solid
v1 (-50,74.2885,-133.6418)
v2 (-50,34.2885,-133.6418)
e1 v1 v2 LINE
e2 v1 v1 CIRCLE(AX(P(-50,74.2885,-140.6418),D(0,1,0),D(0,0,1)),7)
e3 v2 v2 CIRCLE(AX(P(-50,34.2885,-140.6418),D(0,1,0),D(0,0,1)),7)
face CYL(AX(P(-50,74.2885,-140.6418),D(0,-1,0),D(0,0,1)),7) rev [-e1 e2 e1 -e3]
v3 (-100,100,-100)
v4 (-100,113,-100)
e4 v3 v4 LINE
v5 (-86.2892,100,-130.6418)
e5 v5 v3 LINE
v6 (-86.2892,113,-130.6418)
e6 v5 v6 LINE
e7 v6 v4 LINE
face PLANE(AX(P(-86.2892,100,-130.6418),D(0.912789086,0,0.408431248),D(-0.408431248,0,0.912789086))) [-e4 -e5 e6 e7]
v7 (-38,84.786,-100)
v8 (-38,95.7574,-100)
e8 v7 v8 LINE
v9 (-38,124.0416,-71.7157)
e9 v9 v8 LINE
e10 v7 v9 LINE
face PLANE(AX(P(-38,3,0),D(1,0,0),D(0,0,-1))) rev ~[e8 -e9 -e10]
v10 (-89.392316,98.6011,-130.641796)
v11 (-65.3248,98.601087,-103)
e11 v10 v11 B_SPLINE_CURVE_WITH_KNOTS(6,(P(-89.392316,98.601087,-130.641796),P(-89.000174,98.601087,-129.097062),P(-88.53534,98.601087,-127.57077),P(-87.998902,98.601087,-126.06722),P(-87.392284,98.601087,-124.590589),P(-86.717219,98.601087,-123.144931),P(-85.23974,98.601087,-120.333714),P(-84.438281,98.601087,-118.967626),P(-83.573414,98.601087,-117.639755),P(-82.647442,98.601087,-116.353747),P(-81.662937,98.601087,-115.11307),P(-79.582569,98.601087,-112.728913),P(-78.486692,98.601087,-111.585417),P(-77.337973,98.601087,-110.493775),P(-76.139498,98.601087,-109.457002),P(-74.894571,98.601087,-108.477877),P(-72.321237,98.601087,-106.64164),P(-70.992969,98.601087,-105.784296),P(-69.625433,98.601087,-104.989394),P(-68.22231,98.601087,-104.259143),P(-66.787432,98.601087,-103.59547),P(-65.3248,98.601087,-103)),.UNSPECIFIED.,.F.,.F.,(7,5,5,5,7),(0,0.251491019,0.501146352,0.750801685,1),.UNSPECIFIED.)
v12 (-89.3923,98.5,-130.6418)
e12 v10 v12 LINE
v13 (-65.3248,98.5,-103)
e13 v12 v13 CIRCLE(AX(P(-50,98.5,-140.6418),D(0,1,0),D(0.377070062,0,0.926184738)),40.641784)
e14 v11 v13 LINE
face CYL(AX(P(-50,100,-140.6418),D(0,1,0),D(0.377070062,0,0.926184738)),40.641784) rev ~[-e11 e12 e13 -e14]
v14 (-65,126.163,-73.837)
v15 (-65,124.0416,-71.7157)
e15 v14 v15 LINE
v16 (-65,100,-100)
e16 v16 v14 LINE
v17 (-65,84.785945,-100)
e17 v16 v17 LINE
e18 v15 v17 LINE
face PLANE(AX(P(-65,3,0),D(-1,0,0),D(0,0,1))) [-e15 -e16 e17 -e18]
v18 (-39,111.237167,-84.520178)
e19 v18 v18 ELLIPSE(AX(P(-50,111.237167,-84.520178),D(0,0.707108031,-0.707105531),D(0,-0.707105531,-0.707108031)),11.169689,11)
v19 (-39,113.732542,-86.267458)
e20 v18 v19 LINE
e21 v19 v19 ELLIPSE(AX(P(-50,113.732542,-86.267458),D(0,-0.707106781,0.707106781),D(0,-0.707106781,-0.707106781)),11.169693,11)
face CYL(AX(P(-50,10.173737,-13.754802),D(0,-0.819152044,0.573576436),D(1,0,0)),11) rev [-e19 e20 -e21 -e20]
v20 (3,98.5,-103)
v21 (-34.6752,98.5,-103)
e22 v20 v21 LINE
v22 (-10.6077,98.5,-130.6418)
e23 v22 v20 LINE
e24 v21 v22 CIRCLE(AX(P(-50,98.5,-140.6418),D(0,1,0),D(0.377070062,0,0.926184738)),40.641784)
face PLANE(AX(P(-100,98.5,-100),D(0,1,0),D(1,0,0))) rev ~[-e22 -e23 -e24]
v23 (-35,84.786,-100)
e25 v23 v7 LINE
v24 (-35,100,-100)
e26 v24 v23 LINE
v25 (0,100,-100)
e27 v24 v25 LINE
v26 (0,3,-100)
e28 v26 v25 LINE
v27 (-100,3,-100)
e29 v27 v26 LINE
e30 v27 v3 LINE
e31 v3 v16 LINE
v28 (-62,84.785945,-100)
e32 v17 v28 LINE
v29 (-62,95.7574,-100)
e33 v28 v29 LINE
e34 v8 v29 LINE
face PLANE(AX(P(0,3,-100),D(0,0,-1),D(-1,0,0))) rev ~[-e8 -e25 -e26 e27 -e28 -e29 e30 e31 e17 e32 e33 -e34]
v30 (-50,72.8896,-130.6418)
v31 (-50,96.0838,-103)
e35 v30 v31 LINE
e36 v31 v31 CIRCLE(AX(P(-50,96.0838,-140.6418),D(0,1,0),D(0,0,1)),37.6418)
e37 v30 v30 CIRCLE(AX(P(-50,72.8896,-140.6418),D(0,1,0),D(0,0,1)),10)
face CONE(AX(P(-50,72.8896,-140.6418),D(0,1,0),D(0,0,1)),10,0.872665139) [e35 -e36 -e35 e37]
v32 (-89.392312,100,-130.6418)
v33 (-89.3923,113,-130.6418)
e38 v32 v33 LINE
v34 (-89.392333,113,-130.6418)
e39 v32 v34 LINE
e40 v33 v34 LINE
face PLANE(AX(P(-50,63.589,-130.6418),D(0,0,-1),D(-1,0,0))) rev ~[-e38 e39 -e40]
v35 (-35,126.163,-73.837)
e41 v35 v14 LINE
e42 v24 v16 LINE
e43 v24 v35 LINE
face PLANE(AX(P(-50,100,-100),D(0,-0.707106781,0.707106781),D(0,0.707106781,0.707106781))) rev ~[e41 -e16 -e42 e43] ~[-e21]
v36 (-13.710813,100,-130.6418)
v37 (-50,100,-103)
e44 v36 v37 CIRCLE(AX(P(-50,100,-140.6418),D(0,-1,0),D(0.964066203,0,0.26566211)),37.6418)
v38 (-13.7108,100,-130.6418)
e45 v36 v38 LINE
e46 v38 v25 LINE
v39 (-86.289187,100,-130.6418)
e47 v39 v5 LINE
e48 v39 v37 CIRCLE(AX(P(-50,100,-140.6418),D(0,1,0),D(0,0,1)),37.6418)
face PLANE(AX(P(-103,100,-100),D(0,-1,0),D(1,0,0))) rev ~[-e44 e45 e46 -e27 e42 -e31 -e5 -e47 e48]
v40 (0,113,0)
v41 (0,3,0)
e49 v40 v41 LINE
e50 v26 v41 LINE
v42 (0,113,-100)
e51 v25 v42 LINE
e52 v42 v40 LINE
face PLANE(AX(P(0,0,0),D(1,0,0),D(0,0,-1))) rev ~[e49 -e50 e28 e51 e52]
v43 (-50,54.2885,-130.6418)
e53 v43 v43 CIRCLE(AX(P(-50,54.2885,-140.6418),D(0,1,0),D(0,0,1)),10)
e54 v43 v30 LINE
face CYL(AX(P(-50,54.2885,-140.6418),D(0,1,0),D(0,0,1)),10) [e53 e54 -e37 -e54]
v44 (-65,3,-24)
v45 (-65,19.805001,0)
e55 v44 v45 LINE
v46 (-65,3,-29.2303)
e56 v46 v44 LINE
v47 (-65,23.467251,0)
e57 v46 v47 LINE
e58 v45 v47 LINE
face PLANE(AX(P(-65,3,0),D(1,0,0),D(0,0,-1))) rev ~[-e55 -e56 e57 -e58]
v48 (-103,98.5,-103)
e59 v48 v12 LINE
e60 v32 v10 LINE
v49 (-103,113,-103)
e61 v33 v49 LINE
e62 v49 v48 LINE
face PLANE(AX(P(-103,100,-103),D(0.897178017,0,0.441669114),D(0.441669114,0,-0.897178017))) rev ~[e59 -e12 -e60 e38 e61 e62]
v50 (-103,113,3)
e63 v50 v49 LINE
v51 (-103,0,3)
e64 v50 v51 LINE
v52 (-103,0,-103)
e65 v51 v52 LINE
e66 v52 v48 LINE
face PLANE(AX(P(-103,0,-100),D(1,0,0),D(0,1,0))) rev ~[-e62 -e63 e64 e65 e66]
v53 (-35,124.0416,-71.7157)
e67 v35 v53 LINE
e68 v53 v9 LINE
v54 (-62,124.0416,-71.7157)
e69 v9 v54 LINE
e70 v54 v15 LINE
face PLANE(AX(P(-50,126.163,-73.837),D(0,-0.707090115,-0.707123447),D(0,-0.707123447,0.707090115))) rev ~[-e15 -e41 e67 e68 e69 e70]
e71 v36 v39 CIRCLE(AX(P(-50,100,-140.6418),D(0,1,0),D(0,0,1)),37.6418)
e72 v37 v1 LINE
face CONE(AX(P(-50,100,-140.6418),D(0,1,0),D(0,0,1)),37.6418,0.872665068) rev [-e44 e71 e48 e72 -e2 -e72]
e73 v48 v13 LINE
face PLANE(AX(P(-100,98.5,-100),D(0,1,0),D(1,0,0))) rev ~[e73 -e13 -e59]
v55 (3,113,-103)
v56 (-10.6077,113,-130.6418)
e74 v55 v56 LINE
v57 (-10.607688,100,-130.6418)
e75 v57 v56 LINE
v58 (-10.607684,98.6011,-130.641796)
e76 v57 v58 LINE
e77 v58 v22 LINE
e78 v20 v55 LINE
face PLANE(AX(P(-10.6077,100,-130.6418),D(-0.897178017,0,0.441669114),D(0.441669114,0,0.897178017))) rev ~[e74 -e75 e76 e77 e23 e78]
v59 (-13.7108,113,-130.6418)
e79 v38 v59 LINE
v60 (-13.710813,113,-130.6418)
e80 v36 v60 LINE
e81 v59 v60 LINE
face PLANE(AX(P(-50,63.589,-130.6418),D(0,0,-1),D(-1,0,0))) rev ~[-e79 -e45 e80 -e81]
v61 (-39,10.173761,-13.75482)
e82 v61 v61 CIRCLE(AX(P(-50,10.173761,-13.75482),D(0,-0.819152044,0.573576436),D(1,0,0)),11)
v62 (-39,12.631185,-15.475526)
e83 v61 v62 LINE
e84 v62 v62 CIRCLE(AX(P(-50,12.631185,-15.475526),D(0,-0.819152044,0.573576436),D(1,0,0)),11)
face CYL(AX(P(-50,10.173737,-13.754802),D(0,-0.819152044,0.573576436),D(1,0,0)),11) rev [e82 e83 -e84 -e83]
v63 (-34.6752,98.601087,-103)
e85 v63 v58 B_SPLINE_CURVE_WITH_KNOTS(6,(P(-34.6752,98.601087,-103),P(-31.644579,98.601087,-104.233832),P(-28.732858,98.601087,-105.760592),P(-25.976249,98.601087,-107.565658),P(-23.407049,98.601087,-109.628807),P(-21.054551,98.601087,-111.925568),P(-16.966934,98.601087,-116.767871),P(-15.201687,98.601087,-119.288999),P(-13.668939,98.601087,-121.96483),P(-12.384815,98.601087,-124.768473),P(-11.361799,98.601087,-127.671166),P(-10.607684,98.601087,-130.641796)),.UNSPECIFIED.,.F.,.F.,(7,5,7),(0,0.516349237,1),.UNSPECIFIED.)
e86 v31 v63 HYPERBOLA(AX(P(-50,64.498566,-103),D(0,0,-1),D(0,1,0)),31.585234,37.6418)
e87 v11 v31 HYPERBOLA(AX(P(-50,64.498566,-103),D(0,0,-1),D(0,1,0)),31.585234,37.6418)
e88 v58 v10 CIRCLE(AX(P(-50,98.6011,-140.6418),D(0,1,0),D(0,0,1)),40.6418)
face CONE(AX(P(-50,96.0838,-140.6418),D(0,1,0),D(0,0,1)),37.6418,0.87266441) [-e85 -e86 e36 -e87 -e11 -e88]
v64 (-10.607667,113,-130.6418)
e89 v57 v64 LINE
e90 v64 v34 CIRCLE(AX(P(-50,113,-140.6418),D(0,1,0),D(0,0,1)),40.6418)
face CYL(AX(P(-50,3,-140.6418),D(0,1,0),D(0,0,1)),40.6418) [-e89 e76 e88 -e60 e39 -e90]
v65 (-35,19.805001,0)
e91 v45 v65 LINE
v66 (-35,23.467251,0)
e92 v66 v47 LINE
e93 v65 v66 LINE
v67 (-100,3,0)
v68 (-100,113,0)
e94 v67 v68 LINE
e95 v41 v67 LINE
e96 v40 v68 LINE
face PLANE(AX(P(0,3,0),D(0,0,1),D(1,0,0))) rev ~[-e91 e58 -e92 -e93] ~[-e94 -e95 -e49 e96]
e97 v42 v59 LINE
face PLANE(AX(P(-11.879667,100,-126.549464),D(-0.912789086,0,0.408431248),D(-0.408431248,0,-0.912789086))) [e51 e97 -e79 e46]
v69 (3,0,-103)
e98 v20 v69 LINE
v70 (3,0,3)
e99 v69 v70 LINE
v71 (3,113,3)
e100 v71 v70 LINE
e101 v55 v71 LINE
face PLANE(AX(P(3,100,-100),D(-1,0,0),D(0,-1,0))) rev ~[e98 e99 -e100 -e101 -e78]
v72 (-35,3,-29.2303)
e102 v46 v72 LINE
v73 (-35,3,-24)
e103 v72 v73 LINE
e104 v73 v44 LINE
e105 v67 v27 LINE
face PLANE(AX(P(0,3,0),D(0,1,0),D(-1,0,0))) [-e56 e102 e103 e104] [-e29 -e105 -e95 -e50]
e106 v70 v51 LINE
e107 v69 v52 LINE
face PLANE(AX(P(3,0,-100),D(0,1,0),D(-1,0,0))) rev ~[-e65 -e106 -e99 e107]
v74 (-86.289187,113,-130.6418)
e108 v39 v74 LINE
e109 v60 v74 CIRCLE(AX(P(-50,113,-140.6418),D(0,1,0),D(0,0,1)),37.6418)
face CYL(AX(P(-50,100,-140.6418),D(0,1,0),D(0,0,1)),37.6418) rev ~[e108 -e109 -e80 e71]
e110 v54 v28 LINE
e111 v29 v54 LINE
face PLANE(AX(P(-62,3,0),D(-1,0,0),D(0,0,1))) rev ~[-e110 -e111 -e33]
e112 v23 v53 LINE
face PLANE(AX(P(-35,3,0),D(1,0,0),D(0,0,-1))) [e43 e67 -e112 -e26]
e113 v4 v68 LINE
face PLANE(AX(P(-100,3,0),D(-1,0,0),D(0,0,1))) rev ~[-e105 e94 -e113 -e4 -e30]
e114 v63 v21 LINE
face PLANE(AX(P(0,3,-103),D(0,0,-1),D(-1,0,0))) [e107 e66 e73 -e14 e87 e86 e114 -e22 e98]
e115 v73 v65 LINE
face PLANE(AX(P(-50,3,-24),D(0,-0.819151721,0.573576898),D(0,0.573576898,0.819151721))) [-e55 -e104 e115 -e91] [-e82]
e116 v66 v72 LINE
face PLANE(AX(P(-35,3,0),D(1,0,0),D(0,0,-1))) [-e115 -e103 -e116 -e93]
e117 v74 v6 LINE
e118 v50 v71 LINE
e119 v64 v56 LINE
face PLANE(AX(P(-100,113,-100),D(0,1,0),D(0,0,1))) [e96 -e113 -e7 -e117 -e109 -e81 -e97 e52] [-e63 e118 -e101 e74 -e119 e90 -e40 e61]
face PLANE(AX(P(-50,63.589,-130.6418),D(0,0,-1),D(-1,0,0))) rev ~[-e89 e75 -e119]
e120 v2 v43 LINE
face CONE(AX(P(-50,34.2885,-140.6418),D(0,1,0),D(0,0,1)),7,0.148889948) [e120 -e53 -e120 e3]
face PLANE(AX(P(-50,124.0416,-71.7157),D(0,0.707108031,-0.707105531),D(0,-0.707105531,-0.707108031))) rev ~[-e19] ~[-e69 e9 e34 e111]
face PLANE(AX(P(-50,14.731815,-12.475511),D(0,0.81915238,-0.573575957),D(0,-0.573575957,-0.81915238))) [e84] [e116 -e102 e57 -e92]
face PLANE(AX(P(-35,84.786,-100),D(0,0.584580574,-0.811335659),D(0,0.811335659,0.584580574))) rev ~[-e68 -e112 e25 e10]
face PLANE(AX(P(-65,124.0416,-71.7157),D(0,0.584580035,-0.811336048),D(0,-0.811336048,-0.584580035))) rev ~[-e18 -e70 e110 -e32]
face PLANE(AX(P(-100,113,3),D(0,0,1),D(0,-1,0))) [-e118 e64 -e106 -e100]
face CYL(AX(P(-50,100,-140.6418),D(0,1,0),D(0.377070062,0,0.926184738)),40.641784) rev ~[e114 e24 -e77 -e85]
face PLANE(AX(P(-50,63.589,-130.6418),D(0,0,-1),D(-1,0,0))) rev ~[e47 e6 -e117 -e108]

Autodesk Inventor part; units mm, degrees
ref_plane "YZ Plane" through (0, 0, 0) normal (1, 0, 0) x (0, 1, 0)
ref_plane "XZ Plane" through (0, 0, 0) normal (0, 1, 0) x (-1, 0, 0)
ref_plane "XY Plane" through (0, 0, 0) normal (0, 0, 1) x (1, 0, 0)
sketch "Sketch2" plane through (0, 0, 0) normal (0, 1, 0) x (-1, 0, 0)
  line L0 (0, 0) -> (100, 0)
  line L1 (100, 0) -> (100, -100)
  line L2 (100, -100) -> (0, -100)
  line L3 (0, -100) -> (0, 0)
  dimension "d2" = 100
  dimension "d3" = 100
extrude "Extrusion2" add sketch "Sketch2" along normal blind 3
sketch "Sketch3" plane through (0, 0, 0) normal (1, 0, 0) x (0, 0, -1)
  line L0 (0, 0) -> (100, 0)
  line L1 (100, 0) -> (100, 113)
  line L2 (100, 113) -> (0, 113)
  line L3 (0, 113) -> (0, 0)
  dimension "d6" = 100
  dimension "d7" = 113
extrude "Extrusion3" add sketch "Sketch3" along normal blind 3
sketch "Sketch4" plane through (0, 3, 0) normal (0, 0, 1) x (1, 0, 0)
  line L0 (3, -3) -> (-100, -3) projected
  line L1 (3, -3) -> (-100, -3)
  line L2 (-100, -3) -> (-100, 110)
  line L3 (-100, 110) -> (3, 110)
  line L4 (3, 110) -> (3, -3)
  point P0 (0, -3)
  dimension "d10" = 113
  dimension "d11" = 103
extrude "Extrusion4" add sketch "Sketch4" along normal blind 3
sketch "Sketch5" plane through (-100, 3, 0) normal (-1, 0, 0) x (0, 0, 1)
  line L0 (-100, -3) -> (3, -3) projected
  line L1 (-100, 110) -> (3, 110) projected
  line L2 (3, -3) -> (-100, -3)
  line L3 (-100, -3) -> (-100, 110)
  line L4 (-100, 110) -> (3, 110)
  line L5 (3, 110) -> (3, -3)
  point P0 (0, -3)
  point P1 (3, 110)
extrude "Extrusion5" add sketch "Sketch5" along normal blind 3
sketch "Sketch6" plane through (0, 3, -100) normal (0, 0, -1) x (-1, 0, 0)
  line L0 (103, -3) -> (103, 110) projected
  line L1 (-3, -3) -> (103, -3)
  line L2 (103, -3) -> (103, 97)
  line L3 (103, 97) -> (-3, 97)
  line L4 (-3, 97) -> (-3, -3)
  point P0 (0, -3)
  dimension "d16" = 100
extrude "Extrusion6" add sketch "Sketch6" along normal blind 3
sketch "Sketch7" plane through (3, 0, 0) normal (1, 0, 0) x (0, 0, -1)
  point P0 (0, 0)
ref_plane "Work Plane1" through (-50, 3, 0) normal (1, 0, 0) x (0, 0, -1)
sketch "Sketch8" plane through (-50, 3, 0) normal (1, 0, 0) x (0, 0, -1)
  line L0 (103, 97) -> (103, -3) projected
  line L1 (103, 97) -> (133.6418, 71.2885)
  line L2 (133.6418, 71.2885) -> (133.6418, 31.2885)
  line L3 (130.6418, 69.8896) -> (103, 93.0838)
  line L4 (133.6418, 31.2885) -> (130.6418, 51.2885)
  line L5 (130.6418, 51.2885) -> (130.6418, 69.8896)
  line L6 (103, 93.0838) -> (100, 95.6011)
  line L7 (100, 0) -> (100, 97) projected
  line L8 (100, 97) -> (103, 97) projected
  line L9 (103, 97) -> (103, 110)
  line L10 (100, 110) -> (100, 97) projected
  line L11 (103, 110) -> (100, 110)
  line L12 (100, 110) -> (100, 95.6011)
  line L13 (100, 95.6011) -> (100, 97)
  line L14 (140.6418, 31.2885) -> (140.6418, 72.7039) construction
  point P0 (0, -3)
  dimension "d20" = 40
  dimension "d21" = 50
  dimension "d22" = 40
  dimension "d24" = 3
  dimension "d27" = 20
  dimension "d28" = 18.6011
  dimension "d29" = 7
revolve "Revolution1" add sketch "Sketch8" angle 360 about axis through (-50, 34.2885, -140.6418) along (0, 1, 0)
ref_plane "Work Plane2" through (-50, 63.589, -130.6418) normal (0, 0, -1) x (-1, 0, 0)
sketch "Sketch9" plane through (-50, 63.589, -130.6418) normal (0, 0, -1) x (-1, 0, 0)
  line L0 (-15.3248, 36.411) -> (-53, 36.411) projected
  line L1 (-50, 49.411) -> (50, 49.411) projected
  line L2 (-40.4865, 36.411) -> (40.6129, 36.411)
  line L3 (40.6129, 36.411) -> (40.6129, 49.411)
  line L4 (40.6129, 49.411) -> (-40.4865, 49.411)
  line L5 (-40.4865, 49.411) -> (-40.4865, 36.411)
  point P0 (-50, -63.589)
extrude "Extrusion7" cut sketch "Sketch9" against normal up to surface (130.6418 mm away)
sketch "Sketch10" plane through (-100, 100, -100) normal (0, 1, 0) x (1, 0, 0)
  line L0 (89.3923, 30.6418) -> (86.2892, 30.6418) projected
  line L1 (103, 0) -> (103, 3) projected
  line L2 (89.3923, 30.6418) -> (103, 3)
  line L3 (-3, 3) -> (34.6752, 3) projected
  line L4 (103, 3) -> (-3, 3)
  line L5 (-3, 3) -> (10.6077, 30.6418)
  arc A0 (65.3248, 3) -> (34.6752, 3) centre (50, 40.6418) ccw projected
  point P0 (100, -100)
extrude "Extrusion8" add sketch "Sketch10" against normal blind 1.5 contours L2 L4 A0 | A0 L3 L5
sketch "Sketch11" plane through (-103, 100, -100) normal (0, 1, 0) x (1, 0, 0)
  line L0 (92.3923, 30.6418) -> (89.2892, 30.6418) projected
  line L1 (103, 0) -> (89.2892, 30.6418)
  arc A0 (68.3248, 3) -> (92.3923, 30.6418) centre (53, 40.6418) ccw projected
  line L2 (89.2892, 30.6418) -> (92.3923, 30.6418)
  line L3 (106, 3) -> (92.3923, 30.6418) projected
  line L4 (92.3923, 30.6418) -> (106, 3)
  line L5 (106, 0) -> (103, 0) projected
  line L6 (106, 3) -> (106, 0)
  line L7 (106, 0) -> (103, 0)
  line L8 (16.7108, 30.6418) -> (13.6077, 30.6418) projected
  line L9 (3, -100) -> (3, 0) projected
  line L10 (16.7108, 30.6418) -> (3, 0)
  line L11 (3, 0) -> (0, 0)
  line L12 (0, 0) -> (0, 3) projected
  line L13 (0, 0) -> (0, 3)
  line L14 (13.6077, 30.6418) -> (16.7108, 30.6418)
  line L15 (16.7108, 30.6418) -> (13.6077, 30.6418)
  line L16 (13.6077, 30.6418) -> (0, 3)
  point P0 (103, -100)
  dimension "d35" = 30.8097
extrude "Extrusion9" add sketch "Sketch11" along normal blind 13
ref_plane "Work Plane3" through (0, 3, -13) normal (0, 0, -1) x (-1, 0, 0)
sketch "Sketch13" plane through (-50, 3, 0) normal (1, 0, 0) x (0, 0, -1)
  line L0 (100, 0) -> (0, 0) projected
  line L1 (24, 0) -> (-2.4904, 18.5488)
  line L2 (-2.4904, 18.5488) -> (-0.7697, 21.0062)
  line L3 (-0.7697, 21.0062) -> (29.2303, 0)
  line L4 (12.4755, 11.7318) -> (125.6722, 173.3935)
  point P0 (0, -3)
  dimension "d39" = 35
  dimension "d41" = 3
  dimension "d42" = 30
  dimension "d44" = 24
  dimension "d54" = 90
extrude "Extrusion10" add sketch "Sketch13" along normal mid plane 30
sketch "Sketch21" plane through (-50, 3, 0) normal (1, 0, 0) x (0, 0, -1)
  line L0 (100, 97) -> (73.837, 123.163)
  line L1 (100, 97) -> (100, 0) projected
  line L2 (73.837, 123.163) -> (71.7157, 121.0416)
  line L3 (71.7157, 121.0416) -> (100, 92.7574)
  point P0 (0, -3)
  dimension "d55" = 45
  dimension "d56" = 3
  dimension "d57" = 40
  dimension "d59" = 90
extrude "Extrusion12" add sketch "Sketch21" along normal mid plane 30
ref_plane "Work Plane4" through (-65, 21.0098, 1.7207) normal (0, 0.8192, -0.5736) x (1, 0, 0)
sketch "Sketch24" plane through (-65, 21.0098, 1.7207) normal (0, 0.8192, -0.5736) x (1, 0, 0)
  line L0 (0, 35.6837) -> (30, 35.6837) construction
  line L1 (15, 35.6837) -> (15, 2.1006) construction
  line L2 (0, 2.1006) -> (30, 2.1006) construction
  circle A0 centre (15, 18.8921) radius 11
  point P0 (65, 13.4603)
  dimension "d63" = 22
extrude "Extrusion13" cut sketch "Sketch24" along normal through all
sketch "Sketch25" plane through (-65, 3, 0) normal (-1, 0, 0) x (0, 0, 1)
  line L0 (-71.7157, 121.0416) -> (-73.837, 123.163) projected
  line L1 (-71.7157, 121.0416) -> (-100.9447, 80.4748)
  line L2 (-100, 92.7574) -> (-71.7157, 121.0416) projected
  line L3 (-100.9447, 80.4748) -> (-100, 97)
  line L4 (-73.837, 123.163) -> (-100, 97) projected
  line L5 (-73.837, 123.163) -> (-71.7157, 121.0416)
  point P0 (0, -3)
  dimension "d66" = 50
  dimension "d67" = 170.773
extrude "Extrusion14" add sketch "Sketch25" against normal blind 3
sketch "Sketch26" plane through (-35, 3, 0) normal (1, 0, 0) x (0, 0, -1)
  line L0 (71.7157, 121.0416) -> (100, 92.7574) projected
  line L1 (100, 81.786) -> (71.7157, 121.0416) projected
  line L2 (71.7157, 121.0416) -> (100, 81.786)
  line L3 (100, 81.786) -> (100, 92.7574)
  line L4 (71.7157, 121.0416) -> (73.837, 123.163) projected
  line L5 (100, 92.7574) -> (71.7157, 121.0416)
  point P0 (0, -3)
extrude "Extrusion15" add sketch "Sketch26" against normal blind 3
equation "\"d3\" = d2"
equation "\"d16\" = d2"
properties part number "resoar"
